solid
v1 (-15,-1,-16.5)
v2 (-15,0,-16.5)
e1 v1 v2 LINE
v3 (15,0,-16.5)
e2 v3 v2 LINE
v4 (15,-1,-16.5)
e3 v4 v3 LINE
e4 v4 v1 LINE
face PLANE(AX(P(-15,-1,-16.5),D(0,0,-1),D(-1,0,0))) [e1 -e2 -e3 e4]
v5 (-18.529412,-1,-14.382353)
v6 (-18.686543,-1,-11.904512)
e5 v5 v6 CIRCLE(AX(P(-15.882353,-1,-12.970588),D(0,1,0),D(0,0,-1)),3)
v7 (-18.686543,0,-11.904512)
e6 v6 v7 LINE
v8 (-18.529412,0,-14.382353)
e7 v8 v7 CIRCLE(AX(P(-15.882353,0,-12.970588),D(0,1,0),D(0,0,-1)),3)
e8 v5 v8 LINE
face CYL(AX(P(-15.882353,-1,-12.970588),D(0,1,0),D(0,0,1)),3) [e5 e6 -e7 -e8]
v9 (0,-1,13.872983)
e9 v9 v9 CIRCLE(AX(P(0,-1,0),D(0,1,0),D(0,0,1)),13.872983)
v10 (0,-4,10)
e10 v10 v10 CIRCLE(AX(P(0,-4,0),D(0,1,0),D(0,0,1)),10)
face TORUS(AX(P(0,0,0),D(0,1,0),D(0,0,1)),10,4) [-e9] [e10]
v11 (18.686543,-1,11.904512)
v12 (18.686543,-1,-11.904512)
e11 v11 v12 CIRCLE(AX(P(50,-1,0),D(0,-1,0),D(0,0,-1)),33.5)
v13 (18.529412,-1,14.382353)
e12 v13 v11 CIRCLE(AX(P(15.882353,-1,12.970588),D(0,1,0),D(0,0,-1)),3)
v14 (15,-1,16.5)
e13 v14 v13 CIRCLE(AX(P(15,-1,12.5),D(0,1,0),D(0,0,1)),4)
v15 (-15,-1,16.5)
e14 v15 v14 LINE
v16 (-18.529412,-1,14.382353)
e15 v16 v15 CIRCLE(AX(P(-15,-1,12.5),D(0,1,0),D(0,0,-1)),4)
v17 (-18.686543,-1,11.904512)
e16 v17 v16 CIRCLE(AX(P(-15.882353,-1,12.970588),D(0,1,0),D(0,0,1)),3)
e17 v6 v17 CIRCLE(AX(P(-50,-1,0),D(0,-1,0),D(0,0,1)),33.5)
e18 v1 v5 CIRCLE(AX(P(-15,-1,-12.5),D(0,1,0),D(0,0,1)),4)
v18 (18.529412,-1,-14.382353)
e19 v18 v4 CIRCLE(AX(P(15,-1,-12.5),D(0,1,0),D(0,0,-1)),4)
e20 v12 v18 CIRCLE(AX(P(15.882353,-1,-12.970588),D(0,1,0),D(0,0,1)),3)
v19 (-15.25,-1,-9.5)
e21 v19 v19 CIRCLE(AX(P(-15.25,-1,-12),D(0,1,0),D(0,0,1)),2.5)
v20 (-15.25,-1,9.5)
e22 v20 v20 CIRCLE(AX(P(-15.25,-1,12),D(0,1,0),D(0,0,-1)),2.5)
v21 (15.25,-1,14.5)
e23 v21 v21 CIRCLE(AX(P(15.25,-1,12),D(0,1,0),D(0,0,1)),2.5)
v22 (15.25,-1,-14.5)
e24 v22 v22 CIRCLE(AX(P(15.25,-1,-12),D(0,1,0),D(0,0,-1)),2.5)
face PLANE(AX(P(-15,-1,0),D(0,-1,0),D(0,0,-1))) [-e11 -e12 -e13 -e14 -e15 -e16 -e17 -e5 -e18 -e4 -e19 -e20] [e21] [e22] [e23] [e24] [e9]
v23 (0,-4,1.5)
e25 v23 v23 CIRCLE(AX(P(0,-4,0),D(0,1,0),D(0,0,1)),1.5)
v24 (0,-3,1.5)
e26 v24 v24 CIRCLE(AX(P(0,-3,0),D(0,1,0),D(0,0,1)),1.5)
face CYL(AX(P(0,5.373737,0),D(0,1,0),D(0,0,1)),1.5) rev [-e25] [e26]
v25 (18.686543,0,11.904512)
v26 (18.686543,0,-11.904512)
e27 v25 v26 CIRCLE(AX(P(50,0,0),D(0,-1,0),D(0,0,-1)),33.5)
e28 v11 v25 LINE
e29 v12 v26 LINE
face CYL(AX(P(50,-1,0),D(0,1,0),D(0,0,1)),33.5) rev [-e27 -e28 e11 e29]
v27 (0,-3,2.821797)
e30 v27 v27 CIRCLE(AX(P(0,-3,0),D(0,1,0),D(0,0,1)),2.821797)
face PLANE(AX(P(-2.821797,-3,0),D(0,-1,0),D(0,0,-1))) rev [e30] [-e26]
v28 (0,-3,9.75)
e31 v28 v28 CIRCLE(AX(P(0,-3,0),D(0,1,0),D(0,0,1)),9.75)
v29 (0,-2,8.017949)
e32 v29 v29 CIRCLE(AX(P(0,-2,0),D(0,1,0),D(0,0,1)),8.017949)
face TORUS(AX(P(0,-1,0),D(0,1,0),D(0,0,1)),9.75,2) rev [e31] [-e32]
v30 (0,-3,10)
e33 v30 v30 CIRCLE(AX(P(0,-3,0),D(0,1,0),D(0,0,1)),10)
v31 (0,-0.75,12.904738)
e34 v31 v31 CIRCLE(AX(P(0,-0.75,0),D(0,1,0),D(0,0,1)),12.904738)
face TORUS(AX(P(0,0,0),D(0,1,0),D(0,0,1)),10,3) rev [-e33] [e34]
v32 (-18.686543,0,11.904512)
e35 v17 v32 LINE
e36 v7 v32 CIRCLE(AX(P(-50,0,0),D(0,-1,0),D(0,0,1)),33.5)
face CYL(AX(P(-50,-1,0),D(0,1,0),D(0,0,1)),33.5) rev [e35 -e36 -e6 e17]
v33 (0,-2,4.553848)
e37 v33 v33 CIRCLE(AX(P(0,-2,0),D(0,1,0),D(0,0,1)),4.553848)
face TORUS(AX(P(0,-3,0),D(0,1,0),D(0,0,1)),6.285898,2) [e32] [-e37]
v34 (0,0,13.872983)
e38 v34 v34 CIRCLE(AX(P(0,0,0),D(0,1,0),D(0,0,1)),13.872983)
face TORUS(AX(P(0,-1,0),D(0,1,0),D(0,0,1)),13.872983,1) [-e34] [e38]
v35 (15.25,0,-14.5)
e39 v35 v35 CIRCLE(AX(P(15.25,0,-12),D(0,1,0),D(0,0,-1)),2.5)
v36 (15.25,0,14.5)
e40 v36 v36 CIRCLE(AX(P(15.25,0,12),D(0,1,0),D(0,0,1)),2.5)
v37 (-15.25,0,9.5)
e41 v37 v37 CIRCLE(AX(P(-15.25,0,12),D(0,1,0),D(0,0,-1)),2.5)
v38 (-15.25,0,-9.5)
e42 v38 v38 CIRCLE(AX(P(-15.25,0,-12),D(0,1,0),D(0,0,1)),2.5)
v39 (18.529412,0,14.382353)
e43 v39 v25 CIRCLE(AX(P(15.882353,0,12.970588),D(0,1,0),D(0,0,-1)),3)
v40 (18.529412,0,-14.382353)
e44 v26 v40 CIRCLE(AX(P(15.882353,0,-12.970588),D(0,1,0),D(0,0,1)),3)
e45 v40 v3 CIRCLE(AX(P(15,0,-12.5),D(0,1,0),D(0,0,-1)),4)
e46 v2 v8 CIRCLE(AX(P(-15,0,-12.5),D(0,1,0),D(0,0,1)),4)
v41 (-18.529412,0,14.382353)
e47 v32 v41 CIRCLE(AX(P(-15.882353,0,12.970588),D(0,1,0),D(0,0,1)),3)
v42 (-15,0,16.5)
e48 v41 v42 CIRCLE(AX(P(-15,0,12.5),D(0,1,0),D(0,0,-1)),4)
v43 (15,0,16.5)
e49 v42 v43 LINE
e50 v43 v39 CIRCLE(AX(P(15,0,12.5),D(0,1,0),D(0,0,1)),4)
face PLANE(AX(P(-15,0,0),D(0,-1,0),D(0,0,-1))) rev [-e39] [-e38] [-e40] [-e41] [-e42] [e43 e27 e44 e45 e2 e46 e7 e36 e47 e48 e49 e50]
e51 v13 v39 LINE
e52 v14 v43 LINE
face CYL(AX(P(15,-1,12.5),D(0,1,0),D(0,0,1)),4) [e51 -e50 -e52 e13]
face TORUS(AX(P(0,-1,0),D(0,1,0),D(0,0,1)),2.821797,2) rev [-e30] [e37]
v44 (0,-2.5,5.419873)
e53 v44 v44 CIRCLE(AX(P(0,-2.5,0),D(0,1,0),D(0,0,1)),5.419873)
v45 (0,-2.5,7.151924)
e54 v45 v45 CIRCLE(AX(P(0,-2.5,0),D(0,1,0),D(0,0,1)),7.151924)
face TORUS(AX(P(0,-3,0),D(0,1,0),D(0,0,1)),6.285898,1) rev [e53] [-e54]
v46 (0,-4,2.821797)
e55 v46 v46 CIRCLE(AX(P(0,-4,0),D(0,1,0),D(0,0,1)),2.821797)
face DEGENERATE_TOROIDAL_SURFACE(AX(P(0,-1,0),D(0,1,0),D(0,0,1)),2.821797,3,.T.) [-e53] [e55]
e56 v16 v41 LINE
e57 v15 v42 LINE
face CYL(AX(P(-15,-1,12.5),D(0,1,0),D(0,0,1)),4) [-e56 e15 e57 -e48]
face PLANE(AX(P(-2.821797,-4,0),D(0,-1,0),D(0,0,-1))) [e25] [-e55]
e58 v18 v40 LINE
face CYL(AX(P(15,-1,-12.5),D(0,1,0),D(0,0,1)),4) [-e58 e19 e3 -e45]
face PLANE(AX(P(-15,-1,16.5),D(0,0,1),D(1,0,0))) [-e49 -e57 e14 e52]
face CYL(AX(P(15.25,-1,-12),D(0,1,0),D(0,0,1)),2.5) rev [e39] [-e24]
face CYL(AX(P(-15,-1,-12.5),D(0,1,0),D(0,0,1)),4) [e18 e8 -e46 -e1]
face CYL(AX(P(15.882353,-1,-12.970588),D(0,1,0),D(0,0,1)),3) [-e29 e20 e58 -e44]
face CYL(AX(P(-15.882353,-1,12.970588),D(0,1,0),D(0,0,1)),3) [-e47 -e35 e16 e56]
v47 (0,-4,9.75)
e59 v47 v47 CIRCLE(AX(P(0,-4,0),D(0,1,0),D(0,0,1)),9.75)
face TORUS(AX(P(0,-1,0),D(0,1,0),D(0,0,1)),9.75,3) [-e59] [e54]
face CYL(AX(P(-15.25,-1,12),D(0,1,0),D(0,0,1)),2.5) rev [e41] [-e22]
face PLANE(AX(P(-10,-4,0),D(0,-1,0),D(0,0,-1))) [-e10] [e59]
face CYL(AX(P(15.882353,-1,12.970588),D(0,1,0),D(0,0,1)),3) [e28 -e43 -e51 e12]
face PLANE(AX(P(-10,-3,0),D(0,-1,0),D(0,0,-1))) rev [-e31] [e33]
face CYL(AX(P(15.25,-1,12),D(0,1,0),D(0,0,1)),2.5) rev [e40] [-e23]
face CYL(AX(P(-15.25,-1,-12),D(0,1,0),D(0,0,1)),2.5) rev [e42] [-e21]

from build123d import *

# Parameters (mm, degrees)
ESQUISSE2_R        = 15
ESQUISSE2_R_2      = 2.5
BOSS_EXTRU_1_DEPTH = 1


with BuildPart() as part:
    # Esquisse1 → Révol.-Mince1 (revolve)
    with BuildSketch(Plane.XY):
        with BuildLine():
            Line((-15, 0), (-13.872983346, 0))
            ThreePointArc((-13.872983346, 0), (-13.260610911, -0.209430585), (-12.90473751, -0.75))
            ThreePointArc((-12.90473751, -0.75), (-11.837117307, -2.371708245), (-10, -3))
            Line((-10, -3), (-9.75, -3))
            ThreePointArc((-9.75, -3), (-8.75, -2.732050808), (-8.017949192, -2))
            ThreePointArc((-8.017949192, -2), (-6.285898385, -1), (-4.553847577, -2))
            ThreePointArc((-4.553847577, -2), (-3.82179677, -2.732050808), (-2.82179677, -3))
            Line((-2.82179677, -3), (-1.5, -3))
            Line((-1.5, -3), (-1.5, -4))
            Line((-1.5, -4), (-2.82179677, -4))
            ThreePointArc((-2.82179677, -4), (-4.32179677, -3.598076211), (-5.419872981, -2.5))
            ThreePointArc((-5.419872981, -2.5), (-6.285898385, -2), (-7.151923789, -2.5))
            ThreePointArc((-7.151923789, -2.5), (-8.25, -3.598076211), (-9.75, -4))
            Line((-9.75, -4), (-10, -4))
            ThreePointArc((-10, -4), (-12.449489743, -3.16227766), (-13.872983346, -1))
            Line((-13.872983346, -1), (-15, -1))
            Line((-15, -1), (-15, 0))
        make_face()
    revolve(axis=Axis((0, 5.373737374, 0), (0, -1, 0)))

    # Esquisse2 → Boss.-Extru.1 (add)
    with BuildSketch(Plane(origin=(0, 0, 0), x_dir=(1, 0, 0), z_dir=(0, 1, 0))):
        with BuildLine():
            Line((-15, 16.5), (15, 16.5))
            ThreePointArc((15, 16.5), (17.057983022, 15.929971703), (18.529411765, 14.382352941))
            ThreePointArc((18.529411765, 14.382352941), (18.87633895, 13.160450763), (18.68654311, 11.90451249))
            ThreePointArc((18.68654311, 11.90451249), (16.5, 0), (18.68654311, -11.90451249))
            ThreePointArc((18.68654311, -11.90451249), (18.87633895, -13.160450763), (18.529411765, -14.382352941))
            ThreePointArc((18.529411765, -14.382352941), (17.057983022, -15.929971703), (15, -16.5))
            Line((15, -16.5), (-15, -16.5))
            ThreePointArc((-15, -16.5), (-17.057983022, -15.929971703), (-18.529411765, -14.382352941))
            ThreePointArc((-18.529411765, -14.382352941), (-18.87633895, -13.160450763), (-18.68654311, -11.90451249))
            ThreePointArc((-18.68654311, -11.90451249), (-16.5, 0), (-18.68654311, 11.90451249))
            ThreePointArc((-18.68654311, 11.90451249), (-18.87633895, 13.160450763), (-18.529411765, 14.382352941))
            ThreePointArc((-18.529411765, 14.382352941), (-17.057983022, 15.929971703), (-15, 16.5))
        make_face()
        Circle(ESQUISSE2_R, mode=Mode.SUBTRACT)
        with Locations((-15.25, 12)):
            Circle(ESQUISSE2_R_2, mode=Mode.SUBTRACT)
        with Locations((-15.25, -12)):
            Circle(ESQUISSE2_R_2, mode=Mode.SUBTRACT)
        with Locations((15.25, 12)):
            Circle(ESQUISSE2_R_2, mode=Mode.SUBTRACT)
        with Locations((15.25, -12)):
            Circle(ESQUISSE2_R_2, mode=Mode.SUBTRACT)
    extrude(amount=-BOSS_EXTRU_1_DEPTH)


solid = part.part
